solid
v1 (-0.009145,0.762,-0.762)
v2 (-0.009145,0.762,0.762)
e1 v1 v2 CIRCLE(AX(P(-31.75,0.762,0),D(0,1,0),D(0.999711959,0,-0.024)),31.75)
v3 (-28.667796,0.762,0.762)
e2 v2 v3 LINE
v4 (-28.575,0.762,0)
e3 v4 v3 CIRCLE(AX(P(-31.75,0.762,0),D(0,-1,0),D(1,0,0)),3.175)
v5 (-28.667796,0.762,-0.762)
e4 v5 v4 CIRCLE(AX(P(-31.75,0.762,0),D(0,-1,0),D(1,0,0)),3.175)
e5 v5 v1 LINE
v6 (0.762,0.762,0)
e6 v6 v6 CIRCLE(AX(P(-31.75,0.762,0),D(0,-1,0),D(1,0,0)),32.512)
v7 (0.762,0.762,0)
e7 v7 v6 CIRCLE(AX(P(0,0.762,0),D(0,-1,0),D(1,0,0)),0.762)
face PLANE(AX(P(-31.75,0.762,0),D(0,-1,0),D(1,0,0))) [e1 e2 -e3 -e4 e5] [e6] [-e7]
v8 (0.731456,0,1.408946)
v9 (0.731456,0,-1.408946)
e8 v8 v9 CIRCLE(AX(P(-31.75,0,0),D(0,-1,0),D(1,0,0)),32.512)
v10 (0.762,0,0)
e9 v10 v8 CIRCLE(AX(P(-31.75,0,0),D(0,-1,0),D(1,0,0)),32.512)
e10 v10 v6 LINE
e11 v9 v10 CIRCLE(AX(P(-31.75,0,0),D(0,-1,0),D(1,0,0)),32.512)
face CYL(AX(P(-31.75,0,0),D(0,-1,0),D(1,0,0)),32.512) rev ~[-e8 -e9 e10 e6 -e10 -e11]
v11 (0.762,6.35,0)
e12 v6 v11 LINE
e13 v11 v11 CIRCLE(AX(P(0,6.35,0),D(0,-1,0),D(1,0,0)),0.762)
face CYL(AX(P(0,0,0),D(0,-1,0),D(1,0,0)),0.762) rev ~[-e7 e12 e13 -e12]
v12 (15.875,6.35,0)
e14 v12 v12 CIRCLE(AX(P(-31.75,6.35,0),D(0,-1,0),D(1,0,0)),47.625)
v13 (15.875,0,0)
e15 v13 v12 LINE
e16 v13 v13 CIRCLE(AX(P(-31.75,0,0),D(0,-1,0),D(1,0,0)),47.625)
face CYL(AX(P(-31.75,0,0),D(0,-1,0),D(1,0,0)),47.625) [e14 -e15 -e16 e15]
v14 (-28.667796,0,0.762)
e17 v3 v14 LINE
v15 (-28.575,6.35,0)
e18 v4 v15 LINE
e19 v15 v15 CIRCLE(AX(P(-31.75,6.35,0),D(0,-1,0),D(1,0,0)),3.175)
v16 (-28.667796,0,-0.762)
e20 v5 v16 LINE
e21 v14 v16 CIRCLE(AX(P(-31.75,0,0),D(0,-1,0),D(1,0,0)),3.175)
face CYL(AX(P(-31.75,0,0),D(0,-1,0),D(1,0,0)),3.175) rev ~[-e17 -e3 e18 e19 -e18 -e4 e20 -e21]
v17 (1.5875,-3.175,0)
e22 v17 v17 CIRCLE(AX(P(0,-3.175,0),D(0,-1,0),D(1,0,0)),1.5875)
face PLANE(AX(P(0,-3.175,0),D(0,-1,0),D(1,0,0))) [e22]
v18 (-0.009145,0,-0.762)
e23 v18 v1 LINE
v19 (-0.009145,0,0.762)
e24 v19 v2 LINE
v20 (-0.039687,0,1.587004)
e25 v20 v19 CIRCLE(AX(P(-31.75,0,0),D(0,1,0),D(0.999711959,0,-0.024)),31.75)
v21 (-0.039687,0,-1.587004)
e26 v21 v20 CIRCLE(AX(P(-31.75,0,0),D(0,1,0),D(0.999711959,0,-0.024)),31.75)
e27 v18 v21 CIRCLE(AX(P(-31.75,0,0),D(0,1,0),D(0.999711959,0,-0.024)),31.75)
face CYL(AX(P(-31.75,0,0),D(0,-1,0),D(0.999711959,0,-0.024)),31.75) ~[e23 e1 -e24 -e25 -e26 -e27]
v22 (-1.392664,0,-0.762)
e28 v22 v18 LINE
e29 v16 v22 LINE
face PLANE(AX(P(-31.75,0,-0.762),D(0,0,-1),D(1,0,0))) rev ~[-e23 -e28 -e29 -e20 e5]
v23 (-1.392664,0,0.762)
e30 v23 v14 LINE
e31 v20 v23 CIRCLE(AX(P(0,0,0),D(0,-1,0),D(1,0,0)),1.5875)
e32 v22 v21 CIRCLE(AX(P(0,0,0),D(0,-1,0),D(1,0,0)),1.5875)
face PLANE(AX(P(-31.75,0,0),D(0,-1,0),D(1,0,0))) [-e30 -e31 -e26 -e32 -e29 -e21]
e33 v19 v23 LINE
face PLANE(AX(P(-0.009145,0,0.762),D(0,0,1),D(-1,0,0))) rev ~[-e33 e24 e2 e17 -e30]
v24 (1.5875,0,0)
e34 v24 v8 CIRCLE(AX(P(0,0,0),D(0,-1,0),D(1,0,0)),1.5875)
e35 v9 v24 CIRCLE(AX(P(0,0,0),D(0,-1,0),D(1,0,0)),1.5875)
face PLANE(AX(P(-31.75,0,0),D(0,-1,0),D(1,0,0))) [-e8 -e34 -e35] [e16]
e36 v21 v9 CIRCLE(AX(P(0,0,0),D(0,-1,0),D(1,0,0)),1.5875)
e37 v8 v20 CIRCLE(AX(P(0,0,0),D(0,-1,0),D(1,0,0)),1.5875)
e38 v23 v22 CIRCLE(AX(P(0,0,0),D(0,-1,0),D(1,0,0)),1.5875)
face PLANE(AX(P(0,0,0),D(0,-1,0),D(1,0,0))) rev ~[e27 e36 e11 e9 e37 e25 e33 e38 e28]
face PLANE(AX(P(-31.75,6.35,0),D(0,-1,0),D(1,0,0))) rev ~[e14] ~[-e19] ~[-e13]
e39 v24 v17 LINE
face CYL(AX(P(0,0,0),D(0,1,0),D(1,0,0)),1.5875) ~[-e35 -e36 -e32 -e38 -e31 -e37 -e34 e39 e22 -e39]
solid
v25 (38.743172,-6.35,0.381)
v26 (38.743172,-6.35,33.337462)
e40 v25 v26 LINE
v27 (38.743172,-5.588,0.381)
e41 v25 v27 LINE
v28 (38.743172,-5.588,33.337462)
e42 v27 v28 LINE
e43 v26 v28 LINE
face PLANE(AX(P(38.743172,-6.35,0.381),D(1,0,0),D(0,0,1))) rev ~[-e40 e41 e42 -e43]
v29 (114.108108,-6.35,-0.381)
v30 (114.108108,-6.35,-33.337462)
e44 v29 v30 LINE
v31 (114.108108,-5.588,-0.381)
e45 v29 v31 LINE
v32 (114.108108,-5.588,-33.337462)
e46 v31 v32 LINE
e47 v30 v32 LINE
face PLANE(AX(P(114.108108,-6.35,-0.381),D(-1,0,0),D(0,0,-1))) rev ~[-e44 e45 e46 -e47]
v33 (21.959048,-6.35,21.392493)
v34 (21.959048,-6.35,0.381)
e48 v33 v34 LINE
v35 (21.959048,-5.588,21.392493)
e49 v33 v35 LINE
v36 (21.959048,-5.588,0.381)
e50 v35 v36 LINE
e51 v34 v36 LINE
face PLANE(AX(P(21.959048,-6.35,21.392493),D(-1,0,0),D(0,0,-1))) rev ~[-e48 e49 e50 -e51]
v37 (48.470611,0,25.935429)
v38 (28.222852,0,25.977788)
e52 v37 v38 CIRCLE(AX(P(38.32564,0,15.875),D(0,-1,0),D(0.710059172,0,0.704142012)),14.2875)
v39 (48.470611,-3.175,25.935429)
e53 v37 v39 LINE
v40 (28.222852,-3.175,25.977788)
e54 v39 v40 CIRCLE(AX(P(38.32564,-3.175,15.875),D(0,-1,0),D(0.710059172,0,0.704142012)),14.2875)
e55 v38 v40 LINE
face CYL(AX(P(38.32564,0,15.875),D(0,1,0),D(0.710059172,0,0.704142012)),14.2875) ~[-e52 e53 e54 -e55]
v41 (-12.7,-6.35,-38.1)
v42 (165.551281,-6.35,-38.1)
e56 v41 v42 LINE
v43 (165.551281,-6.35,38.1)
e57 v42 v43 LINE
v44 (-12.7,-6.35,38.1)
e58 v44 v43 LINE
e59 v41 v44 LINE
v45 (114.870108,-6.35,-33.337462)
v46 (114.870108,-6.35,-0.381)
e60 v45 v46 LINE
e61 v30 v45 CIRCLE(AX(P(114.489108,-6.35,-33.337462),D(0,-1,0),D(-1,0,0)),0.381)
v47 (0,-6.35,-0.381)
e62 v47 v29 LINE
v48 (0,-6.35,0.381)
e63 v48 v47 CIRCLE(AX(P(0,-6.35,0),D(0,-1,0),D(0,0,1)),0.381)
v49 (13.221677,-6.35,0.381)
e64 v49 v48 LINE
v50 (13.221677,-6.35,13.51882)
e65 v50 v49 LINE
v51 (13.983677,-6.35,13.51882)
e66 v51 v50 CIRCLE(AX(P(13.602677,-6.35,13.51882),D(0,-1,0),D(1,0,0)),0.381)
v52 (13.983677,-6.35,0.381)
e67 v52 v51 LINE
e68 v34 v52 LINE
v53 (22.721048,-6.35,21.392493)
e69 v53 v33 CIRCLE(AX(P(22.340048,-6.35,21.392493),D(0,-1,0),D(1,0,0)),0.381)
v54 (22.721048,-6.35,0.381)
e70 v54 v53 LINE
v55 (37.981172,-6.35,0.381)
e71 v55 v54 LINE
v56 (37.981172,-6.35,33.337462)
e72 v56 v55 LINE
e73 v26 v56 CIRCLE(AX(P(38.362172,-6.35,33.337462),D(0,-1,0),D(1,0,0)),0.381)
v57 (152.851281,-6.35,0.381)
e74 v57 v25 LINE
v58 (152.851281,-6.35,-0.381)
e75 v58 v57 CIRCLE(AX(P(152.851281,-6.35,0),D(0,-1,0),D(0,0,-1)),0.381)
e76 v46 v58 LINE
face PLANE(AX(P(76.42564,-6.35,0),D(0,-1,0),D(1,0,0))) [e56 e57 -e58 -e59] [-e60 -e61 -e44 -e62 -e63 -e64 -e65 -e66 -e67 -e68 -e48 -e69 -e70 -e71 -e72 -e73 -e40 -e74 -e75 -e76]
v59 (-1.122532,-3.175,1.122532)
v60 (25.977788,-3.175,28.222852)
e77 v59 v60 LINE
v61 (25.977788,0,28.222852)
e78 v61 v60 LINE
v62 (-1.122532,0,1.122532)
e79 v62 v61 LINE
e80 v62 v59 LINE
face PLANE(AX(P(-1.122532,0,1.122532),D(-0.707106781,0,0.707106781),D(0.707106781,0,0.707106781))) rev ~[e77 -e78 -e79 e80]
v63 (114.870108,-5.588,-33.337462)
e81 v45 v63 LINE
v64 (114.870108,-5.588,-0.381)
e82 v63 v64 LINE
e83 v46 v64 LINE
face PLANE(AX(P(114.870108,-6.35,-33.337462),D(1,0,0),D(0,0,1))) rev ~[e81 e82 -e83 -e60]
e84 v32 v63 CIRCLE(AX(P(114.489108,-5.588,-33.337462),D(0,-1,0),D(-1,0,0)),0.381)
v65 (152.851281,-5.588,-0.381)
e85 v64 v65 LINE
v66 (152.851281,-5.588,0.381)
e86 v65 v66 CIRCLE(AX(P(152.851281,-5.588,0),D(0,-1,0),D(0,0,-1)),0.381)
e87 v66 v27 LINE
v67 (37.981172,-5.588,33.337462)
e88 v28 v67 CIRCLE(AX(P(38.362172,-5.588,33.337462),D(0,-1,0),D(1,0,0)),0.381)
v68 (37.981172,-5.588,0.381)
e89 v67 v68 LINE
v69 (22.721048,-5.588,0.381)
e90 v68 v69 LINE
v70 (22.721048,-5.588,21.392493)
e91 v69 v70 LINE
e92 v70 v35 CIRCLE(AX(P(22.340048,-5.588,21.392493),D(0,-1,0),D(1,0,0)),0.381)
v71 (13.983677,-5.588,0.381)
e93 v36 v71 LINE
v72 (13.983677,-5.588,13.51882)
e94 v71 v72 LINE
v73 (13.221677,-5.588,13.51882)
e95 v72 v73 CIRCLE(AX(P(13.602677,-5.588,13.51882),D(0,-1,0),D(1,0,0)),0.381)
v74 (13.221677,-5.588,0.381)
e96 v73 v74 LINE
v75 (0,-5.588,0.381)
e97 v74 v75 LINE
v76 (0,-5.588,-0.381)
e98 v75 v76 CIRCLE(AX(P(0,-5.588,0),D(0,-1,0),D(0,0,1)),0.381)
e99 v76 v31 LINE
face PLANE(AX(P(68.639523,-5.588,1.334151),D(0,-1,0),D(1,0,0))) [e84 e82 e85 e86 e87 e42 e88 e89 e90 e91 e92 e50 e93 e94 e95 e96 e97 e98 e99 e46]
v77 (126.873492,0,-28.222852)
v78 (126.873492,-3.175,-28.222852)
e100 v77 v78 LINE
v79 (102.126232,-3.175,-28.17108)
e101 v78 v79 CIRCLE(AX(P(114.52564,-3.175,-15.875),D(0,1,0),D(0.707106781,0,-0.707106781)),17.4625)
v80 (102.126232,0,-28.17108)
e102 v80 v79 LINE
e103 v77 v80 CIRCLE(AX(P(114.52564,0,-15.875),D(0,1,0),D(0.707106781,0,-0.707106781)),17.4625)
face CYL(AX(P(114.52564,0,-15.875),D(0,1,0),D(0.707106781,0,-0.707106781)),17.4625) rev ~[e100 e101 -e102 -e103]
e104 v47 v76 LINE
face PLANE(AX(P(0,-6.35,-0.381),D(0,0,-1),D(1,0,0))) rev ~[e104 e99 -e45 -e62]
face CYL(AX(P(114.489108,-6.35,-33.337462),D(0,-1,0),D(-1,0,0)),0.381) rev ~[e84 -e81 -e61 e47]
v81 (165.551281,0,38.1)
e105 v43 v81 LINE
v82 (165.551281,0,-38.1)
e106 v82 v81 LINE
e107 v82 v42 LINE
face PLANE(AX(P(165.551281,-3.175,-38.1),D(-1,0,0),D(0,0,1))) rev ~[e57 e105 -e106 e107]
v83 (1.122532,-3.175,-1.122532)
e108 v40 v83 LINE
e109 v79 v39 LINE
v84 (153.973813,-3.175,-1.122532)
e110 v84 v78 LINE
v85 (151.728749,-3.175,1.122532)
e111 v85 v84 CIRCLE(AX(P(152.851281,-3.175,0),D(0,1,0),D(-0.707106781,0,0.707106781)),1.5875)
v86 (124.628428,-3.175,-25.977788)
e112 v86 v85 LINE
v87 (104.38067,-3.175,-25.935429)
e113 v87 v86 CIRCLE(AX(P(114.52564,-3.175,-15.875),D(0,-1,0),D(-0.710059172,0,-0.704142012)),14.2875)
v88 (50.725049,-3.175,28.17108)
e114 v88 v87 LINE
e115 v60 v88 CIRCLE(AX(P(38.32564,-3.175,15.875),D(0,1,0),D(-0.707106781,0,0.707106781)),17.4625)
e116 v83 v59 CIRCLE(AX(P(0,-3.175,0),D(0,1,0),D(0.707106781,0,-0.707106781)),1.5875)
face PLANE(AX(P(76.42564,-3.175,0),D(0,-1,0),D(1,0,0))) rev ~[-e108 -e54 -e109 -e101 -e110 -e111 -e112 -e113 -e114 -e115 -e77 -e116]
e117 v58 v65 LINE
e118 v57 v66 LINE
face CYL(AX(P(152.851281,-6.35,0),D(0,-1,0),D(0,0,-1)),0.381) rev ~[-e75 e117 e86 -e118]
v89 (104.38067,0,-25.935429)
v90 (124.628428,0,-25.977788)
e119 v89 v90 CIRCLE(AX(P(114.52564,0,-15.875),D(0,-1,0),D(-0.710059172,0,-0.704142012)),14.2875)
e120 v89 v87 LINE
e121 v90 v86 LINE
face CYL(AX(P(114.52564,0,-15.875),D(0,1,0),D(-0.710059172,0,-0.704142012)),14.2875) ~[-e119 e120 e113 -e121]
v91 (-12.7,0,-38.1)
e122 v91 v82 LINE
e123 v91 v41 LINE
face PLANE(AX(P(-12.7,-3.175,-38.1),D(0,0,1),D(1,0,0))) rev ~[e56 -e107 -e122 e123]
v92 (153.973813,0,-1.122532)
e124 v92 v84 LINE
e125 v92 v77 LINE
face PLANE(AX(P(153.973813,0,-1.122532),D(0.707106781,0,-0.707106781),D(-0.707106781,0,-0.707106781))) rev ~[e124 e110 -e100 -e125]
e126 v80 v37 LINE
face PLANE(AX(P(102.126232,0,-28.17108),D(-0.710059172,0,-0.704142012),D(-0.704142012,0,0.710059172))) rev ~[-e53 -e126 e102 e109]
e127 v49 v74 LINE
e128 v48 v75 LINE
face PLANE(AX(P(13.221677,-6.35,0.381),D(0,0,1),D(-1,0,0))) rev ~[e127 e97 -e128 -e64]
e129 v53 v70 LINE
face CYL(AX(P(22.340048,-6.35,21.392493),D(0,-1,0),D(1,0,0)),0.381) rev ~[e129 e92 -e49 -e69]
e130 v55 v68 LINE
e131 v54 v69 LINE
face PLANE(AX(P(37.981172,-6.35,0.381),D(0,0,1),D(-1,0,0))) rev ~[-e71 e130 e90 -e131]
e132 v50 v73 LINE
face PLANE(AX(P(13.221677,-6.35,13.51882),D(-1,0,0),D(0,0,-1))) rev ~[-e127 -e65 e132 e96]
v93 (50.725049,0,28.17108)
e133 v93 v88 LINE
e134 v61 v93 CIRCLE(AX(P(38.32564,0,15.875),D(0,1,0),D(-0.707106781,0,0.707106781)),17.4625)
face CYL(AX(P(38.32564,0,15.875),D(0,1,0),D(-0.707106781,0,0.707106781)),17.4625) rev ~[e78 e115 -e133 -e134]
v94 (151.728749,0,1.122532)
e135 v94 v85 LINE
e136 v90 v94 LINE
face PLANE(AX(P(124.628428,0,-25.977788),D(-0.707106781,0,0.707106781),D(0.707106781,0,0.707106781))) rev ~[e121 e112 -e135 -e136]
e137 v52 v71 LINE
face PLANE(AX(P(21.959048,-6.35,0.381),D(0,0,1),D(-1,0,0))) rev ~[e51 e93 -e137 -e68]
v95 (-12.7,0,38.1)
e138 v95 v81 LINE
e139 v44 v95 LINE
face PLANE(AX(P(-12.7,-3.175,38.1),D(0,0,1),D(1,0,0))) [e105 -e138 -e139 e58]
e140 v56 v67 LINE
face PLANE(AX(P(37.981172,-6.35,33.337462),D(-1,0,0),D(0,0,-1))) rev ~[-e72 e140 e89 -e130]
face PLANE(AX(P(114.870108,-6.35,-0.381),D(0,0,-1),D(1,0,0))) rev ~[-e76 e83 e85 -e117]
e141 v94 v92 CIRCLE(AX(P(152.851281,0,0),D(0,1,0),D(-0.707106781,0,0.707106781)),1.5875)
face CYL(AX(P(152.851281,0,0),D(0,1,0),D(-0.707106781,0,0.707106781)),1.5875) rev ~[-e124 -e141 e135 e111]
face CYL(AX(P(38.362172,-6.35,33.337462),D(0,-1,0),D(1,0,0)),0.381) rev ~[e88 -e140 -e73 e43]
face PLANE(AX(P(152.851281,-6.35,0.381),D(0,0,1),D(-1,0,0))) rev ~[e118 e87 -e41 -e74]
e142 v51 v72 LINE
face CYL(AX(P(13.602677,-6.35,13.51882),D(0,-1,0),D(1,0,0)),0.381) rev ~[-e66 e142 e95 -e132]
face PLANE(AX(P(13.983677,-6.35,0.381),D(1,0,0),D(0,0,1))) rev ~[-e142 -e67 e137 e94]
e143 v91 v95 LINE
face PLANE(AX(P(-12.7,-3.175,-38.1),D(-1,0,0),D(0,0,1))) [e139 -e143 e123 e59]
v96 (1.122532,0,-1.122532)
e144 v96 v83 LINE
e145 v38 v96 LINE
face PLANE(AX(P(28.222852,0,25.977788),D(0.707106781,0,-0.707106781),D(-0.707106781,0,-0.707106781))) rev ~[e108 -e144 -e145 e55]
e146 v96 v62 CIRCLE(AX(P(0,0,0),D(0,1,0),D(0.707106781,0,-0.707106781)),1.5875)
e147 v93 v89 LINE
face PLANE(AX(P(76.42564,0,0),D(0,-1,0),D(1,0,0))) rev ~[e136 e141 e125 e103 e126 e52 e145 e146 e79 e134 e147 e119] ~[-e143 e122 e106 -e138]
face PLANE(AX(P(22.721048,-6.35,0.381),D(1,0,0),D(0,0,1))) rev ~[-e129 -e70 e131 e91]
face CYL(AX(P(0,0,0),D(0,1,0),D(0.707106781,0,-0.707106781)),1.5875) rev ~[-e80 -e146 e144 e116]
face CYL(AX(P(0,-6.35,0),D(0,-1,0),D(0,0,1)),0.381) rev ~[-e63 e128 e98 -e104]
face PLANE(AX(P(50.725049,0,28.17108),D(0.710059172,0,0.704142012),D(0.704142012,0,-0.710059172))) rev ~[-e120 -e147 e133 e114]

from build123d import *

# Parameters (mm, degrees)
F0_W      = 178.2512806053
F0_H      = 76.2
F1_DEPTH  = 3.175
F2_R      = 47.625
F2_R_2    = 3.175
F2_R_3    = 0.762
F3_DEPTH  = 6.35
F4_R      = 32.512
F5_DEPTH  = 0.762
F6_R      = 1.5875
F7_DEPTH  = 3.175
F8_W      = 178.2512806053
F8_H      = 76.2
F9_DEPTH  = 3.175
F11_DEPTH = 0.762


with BuildPart() as f1:
    # F0 (on Front) → F1 (new body)
    with BuildSketch(Plane.XZ):
        with Locations((76.4256403027, 0)):
            Rectangle(F0_W, F0_H)
        with BuildLine():
            Line((153.9738126205, -1.1225320151), (126.8734924691, -28.2228521665))
            ThreePointArc((126.8734924691, -28.2228521665), (114.4891081157, -33.3374617866), (102.1262320186, -28.1710798817))
            Line((102.1262320187, -28.1710798817), (48.4706107169, 25.9354289941))
            ThreePointArc((48.4706107169, 25.9354289941), (38.3555302738, 30.1624687345), (28.2228521665, 25.9777881362))
            Line((28.2228521665, 25.9777881362), (1.1225320151, -1.1225320151))
            ThreePointArc((1.1225320151, -1.1225320151), (-1.1225320151, -1.1225320151), (-1.1225320151, 1.1225320151))
            Line((-1.1225320151, 1.1225320151), (25.9777881362, 28.2228521665))
            ThreePointArc((25.9777881362, 28.2228521665), (38.3621724896, 33.3374617866), (50.7250485867, 28.1710798817))
            Line((50.7250485867, 28.1710798817), (104.3806698885, -25.9354289941))
            ThreePointArc((104.3806698885, -25.9354289941), (114.4957503315, -30.1624687345), (124.6284284389, -25.9777881362))
            Line((124.6284284389, -25.9777881362), (151.7287485902, 1.1225320151))
            ThreePointArc((151.7287485902, 1.1225320151), (153.9738126205, 1.1225320151), (153.9738126205, -1.1225320151))
        make_face(mode=Mode.SUBTRACT)
    extrude(amount=F1_DEPTH)

    # F8 (on face) → F9 (join)
    with BuildSketch(Plane.XZ.offset(3.175)):
        with Locations((76.4256403027, 0)):
            Rectangle(F8_W, F8_H)
    extrude(amount=F9_DEPTH)

    # F10 (on face) → F11 (cut)
    with BuildSketch(Plane.XZ.offset(6.35)):
        with BuildLine():
            ThreePointArc((0, 0.381), (-0.381, 0), (0, -0.381))
            Line((0, -0.381), (13.6026768014, -0.381))
            Line((13.6026768014, -0.381), (22.3400481045, -0.381))
            Line((22.3400481045, -0.381), (38.3621724896, -0.381))
            Line((38.3621724896, -0.381), (114.1081081157, -0.381))
            Line((114.1081081157, -0.381), (114.1081081157, -33.3374617866))
            ThreePointArc((114.1081081157, -33.3374617866), (114.4891081157, -33.7184617866), (114.8701081157, -33.3374617866))
            Line((114.8701081157, -33.3374617866), (114.8701081157, -0.381))
            Line((114.8701081157, -0.381), (152.8512806053, -0.381))
            ThreePointArc((152.8512806053, -0.381), (153.2322806053, 0), (152.8512806053, 0.381))
            Line((152.8512806053, 0.381), (38.7431724896, 0.381))
            Line((38.7431724896, 0.381), (38.7431724896, 33.3374617866))
            ThreePointArc((38.7431724896, 33.3374617866), (38.3621724896, 33.7184617866), (37.9811724896, 33.3374617866))
            Line((37.9811724896, 33.3374617866), (37.9811724896, 0.381))
            Line((37.9811724896, 0.381), (22.7210481045, 0.381))
            Line((22.7210481045, 0.381), (22.7210481045, 21.3924925774))
            ThreePointArc((22.7210481045, 21.3924925774), (22.3400481045, 21.7734925774), (21.9590481045, 21.3924925774))
            Line((21.9590481045, 21.3924925774), (21.9590481045, 0.381))
            Line((21.9590481045, 0.381), (13.9836768014, 0.381))
            Line((13.9836768014, 0.381), (13.9836768014, 13.5188195854))
            ThreePointArc((13.9836768014, 13.5188195854), (13.6026768014, 13.8998195854), (13.2216768014, 13.5188195854))
            Line((13.2216768014, 13.5188195854), (13.2216768014, 0.381))
            Line((13.2216768014, 0.381), (0, 0.381))
        make_face()
    extrude(amount=-F11_DEPTH, mode=Mode.SUBTRACT)


with BuildPart() as f3:
    # F2 (on Front) → F3 (new body)
    with BuildSketch(Plane.XZ):
        with Locations((-31.75, 0)):
            Circle(F2_R)
        with Locations((-31.75, 0)):
            Circle(F2_R_2, mode=Mode.SUBTRACT)
        Circle(F2_R_3, mode=Mode.SUBTRACT)
    extrude(amount=-F3_DEPTH)

    # F4 (on face) → F5 (cut)
    with BuildSketch(Plane.XZ):
        with Locations((-31.75, 0)):
            Circle(F4_R)
        with BuildLine():
            ThreePointArc((-0.0091453171, -0.762), (-63.5, 0), (-0.0091453171, 0.762))
            Line((-0.0091453171, 0.762), (-31.75, 0.762))
            ThreePointArc((-31.75, 0.762), (-32.512, 0), (-31.75, -0.762))
            Line((-31.75, -0.762), (-0.0091453171, -0.762))
        make_face(mode=Mode.SUBTRACT)
    extrude(amount=-F5_DEPTH, mode=Mode.SUBTRACT)

    # F6 (on face) → F7 (join)
    with BuildSketch(Plane.XZ):
        Circle(F6_R)
    extrude(amount=F7_DEPTH)


solid = Compound([f1.part, f3.part])
